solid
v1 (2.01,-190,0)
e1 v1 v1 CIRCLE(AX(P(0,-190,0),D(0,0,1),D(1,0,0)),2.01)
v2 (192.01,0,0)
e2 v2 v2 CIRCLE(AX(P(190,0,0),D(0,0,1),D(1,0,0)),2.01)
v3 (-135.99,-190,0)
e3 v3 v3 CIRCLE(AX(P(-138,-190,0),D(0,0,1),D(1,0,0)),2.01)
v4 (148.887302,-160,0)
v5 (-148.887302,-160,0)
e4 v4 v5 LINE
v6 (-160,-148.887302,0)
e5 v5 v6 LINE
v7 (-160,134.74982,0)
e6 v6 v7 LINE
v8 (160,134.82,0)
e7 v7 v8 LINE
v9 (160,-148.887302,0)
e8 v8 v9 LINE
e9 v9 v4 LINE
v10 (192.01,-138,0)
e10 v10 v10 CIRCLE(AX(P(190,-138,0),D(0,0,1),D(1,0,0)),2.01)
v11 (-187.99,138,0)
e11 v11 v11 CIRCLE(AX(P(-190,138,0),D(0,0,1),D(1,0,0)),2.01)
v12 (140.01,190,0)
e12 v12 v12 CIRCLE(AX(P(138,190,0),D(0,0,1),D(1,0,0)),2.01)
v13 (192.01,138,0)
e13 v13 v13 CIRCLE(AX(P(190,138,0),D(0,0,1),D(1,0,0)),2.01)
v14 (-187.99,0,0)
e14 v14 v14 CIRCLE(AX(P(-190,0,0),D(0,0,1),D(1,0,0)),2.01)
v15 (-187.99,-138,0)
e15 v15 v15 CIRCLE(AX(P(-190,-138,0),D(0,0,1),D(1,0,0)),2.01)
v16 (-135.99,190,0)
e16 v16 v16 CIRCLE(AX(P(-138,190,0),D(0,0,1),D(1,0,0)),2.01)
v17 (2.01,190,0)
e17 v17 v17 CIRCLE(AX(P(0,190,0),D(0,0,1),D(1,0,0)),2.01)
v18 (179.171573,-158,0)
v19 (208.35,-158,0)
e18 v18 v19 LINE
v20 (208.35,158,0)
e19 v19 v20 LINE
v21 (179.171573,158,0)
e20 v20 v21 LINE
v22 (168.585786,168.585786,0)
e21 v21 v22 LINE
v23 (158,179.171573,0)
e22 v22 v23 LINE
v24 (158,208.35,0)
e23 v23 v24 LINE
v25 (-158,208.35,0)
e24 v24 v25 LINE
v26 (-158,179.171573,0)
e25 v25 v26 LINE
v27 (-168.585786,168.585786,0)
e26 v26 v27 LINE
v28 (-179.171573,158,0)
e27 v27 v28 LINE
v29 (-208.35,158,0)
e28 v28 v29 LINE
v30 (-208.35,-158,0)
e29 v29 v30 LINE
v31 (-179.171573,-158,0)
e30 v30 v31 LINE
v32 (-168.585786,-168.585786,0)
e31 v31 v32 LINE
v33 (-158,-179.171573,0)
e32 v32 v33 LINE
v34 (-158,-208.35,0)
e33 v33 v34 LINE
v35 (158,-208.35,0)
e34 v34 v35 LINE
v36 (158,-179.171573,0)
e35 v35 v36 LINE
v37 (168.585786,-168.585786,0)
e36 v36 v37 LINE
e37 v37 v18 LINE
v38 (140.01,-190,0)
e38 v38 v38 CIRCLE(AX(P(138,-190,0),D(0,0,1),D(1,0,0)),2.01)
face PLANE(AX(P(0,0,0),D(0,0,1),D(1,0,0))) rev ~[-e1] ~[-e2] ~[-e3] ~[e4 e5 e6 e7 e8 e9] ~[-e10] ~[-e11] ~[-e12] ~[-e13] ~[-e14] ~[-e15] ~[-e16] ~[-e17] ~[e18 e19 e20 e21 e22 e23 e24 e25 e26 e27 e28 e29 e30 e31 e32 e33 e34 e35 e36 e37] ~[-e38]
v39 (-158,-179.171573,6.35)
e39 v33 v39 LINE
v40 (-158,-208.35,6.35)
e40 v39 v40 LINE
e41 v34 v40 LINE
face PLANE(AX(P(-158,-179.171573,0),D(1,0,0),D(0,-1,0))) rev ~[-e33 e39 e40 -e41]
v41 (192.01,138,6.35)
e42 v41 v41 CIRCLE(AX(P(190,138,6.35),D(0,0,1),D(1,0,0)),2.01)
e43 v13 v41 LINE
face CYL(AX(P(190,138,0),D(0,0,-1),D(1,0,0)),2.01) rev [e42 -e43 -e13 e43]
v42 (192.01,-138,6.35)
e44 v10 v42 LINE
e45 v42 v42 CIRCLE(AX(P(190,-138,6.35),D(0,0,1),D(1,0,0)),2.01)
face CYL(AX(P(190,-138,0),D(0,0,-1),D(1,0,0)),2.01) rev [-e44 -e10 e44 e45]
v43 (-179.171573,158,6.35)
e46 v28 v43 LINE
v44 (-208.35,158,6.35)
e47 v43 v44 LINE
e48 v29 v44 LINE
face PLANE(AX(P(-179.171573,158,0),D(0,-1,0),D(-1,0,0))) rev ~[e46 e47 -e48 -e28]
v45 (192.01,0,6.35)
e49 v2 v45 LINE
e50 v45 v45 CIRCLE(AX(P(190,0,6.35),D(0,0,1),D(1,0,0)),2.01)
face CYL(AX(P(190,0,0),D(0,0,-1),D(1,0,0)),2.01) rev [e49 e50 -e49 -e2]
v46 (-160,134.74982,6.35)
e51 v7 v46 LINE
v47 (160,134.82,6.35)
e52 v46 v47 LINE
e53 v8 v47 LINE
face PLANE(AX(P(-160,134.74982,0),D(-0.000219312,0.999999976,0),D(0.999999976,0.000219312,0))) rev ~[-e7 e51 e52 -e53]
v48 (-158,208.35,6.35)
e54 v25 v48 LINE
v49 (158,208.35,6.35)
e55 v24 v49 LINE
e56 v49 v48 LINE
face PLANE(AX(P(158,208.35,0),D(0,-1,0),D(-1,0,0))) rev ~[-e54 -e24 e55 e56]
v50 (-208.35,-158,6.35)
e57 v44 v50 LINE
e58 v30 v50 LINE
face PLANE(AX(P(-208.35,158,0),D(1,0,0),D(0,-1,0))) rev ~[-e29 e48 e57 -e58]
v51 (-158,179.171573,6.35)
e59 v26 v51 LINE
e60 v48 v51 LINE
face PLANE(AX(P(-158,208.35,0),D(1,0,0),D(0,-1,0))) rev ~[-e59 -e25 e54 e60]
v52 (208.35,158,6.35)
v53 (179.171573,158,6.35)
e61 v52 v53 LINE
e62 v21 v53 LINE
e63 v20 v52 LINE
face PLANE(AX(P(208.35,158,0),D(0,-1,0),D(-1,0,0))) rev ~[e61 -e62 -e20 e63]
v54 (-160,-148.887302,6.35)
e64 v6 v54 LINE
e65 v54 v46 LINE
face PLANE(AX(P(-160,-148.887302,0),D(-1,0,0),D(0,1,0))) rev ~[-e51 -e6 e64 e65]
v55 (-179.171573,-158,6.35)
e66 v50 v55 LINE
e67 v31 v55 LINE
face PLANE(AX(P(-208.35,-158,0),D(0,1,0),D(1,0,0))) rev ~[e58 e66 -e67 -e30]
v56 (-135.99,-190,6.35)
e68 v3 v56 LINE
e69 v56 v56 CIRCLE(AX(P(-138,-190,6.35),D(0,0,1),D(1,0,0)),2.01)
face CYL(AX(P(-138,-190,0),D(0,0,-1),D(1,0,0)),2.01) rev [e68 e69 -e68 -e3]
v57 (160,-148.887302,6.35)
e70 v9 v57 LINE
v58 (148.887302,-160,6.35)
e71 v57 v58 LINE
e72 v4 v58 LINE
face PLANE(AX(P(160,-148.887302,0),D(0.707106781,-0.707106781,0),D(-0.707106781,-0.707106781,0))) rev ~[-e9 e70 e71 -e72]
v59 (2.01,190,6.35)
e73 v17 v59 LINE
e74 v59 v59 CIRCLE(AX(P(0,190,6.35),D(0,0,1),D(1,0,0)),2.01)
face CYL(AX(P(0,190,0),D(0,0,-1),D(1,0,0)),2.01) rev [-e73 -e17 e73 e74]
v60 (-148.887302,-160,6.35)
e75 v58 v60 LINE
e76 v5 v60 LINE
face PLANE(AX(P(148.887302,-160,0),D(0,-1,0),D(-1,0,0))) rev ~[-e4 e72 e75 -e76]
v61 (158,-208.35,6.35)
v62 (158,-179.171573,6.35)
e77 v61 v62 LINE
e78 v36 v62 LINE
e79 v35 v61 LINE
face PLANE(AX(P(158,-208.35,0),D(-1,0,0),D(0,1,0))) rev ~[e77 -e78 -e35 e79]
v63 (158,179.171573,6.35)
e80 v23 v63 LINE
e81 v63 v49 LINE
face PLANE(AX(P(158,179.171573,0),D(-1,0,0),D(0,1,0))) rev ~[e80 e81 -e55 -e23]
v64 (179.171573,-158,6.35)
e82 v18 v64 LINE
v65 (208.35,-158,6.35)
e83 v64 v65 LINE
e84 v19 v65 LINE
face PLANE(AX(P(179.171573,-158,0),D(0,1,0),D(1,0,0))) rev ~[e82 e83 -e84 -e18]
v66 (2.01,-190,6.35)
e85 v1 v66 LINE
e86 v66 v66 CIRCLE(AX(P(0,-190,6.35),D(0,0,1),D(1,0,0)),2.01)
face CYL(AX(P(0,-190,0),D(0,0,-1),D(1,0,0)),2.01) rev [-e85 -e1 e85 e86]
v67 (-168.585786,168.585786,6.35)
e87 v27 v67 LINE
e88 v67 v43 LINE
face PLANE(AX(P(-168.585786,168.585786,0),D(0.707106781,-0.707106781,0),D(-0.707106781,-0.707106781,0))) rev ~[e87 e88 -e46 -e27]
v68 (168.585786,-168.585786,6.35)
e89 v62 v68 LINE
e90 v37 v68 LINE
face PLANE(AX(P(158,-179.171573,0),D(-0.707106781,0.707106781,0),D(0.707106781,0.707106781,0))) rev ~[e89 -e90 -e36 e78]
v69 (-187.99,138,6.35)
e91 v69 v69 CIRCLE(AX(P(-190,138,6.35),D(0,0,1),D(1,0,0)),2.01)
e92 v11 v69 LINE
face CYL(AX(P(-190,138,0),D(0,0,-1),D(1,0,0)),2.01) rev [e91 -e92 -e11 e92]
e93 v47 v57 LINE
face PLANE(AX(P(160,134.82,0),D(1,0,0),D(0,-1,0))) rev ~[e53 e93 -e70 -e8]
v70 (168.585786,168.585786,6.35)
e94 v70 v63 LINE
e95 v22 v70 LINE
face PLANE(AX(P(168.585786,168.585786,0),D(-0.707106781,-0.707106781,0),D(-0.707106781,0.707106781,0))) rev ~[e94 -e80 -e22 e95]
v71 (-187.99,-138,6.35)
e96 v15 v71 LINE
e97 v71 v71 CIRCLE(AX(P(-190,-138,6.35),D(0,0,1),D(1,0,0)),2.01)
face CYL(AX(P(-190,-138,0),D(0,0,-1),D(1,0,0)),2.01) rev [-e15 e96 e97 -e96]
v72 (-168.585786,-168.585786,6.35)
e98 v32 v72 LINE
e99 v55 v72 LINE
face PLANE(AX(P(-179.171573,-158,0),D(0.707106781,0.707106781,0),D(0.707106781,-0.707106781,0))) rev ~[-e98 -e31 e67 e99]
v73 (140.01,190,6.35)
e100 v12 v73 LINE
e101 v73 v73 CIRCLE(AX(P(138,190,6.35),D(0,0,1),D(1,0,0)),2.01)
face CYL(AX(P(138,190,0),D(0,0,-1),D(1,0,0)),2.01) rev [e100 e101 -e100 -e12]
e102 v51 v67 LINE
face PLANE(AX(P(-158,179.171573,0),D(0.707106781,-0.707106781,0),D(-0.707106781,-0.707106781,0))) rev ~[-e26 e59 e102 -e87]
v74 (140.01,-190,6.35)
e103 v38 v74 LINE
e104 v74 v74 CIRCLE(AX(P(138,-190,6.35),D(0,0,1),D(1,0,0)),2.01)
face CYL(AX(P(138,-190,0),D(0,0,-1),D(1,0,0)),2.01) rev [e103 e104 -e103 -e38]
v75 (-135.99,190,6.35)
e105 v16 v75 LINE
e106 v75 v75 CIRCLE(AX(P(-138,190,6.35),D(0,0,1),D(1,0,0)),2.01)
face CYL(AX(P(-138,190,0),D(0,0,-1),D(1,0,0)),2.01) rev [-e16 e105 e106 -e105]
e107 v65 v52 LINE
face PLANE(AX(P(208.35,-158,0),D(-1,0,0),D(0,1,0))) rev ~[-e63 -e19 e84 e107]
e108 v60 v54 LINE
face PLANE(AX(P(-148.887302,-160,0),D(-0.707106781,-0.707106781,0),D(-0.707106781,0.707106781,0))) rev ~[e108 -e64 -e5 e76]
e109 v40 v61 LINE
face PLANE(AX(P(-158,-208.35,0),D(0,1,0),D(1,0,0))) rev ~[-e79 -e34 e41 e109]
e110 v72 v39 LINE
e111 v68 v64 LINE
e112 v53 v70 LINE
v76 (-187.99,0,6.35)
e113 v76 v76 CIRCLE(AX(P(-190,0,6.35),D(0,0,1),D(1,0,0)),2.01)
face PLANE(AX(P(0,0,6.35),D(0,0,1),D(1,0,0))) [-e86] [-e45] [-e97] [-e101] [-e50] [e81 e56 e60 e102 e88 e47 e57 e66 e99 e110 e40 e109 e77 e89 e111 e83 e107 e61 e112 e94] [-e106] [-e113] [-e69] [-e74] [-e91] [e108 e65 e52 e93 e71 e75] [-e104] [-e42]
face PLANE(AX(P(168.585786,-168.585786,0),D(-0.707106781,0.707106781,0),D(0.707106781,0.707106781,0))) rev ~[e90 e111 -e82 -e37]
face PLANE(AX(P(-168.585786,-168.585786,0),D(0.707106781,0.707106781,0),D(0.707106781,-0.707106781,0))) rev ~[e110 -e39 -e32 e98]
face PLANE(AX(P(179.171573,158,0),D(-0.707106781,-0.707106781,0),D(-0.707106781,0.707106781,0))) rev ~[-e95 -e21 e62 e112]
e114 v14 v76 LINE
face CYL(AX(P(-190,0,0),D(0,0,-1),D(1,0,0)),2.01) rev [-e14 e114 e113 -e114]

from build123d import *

# Parameters (mm, degrees)
F0_R     = 2.01
F1_DEPTH = 6.35


with BuildPart() as f1:
    # F0 (on Top) → F1 (new body)
    with BuildSketch(Plane.XY):
        Polygon((-158, 208.35), (-158, 194.175), (-158, 179.1715728753), (-168.5857864376, 168.5857864376), (-179.1715728753, 158), (-194.175, 158), (-208.35, 158), (-208.35, -158), (-194.175, -158), (-179.1715728753, -158), (-168.5857864376, -168.5857864376), (-158, -179.1715728753), (-158, -194.175), (-158, -208.35), (158, -208.35), (158, -194.175), (158, -179.1715728753), (168.5857864376, -168.5857864376), (179.1715728753, -158), (194.175, -158), (208.35, -158), (208.35, 158), (194.175, 158), (179.1715728753, 158), (168.5857864376, 168.5857864376), (158, 179.1715728753), (158, 194.175), (158, 208.35), align=None)
        with Locations((-138, -190)):
            Circle(F0_R, mode=Mode.SUBTRACT)
        with Locations((-190, -138)):
            Circle(F0_R, mode=Mode.SUBTRACT)
        with Locations((0, -190)):
            Circle(F0_R, mode=Mode.SUBTRACT)
        with Locations((138, -190)):
            Circle(F0_R, mode=Mode.SUBTRACT)
        with Locations((190, -138)):
            Circle(F0_R, mode=Mode.SUBTRACT)
        Polygon((160, -148.8873016278), (154.4436508139, -154.4436508139), (148.8873016278, -160), (-148.8873016278, -160), (-154.4436508139, -154.4436508139), (-160, -148.8873016278), (-160, 134.7498200814), (160, 134.82), align=None, mode=Mode.SUBTRACT)
        with Locations((-190, 0)):
            Circle(F0_R, mode=Mode.SUBTRACT)
        with Locations((-190, 138)):
            Circle(F0_R, mode=Mode.SUBTRACT)
        with Locations((-138, 190)):
            Circle(F0_R, mode=Mode.SUBTRACT)
        with Locations((190, 0)):
            Circle(F0_R, mode=Mode.SUBTRACT)
        with Locations((0, 190)):
            Circle(F0_R, mode=Mode.SUBTRACT)
        with Locations((190, 138)):
            Circle(F0_R, mode=Mode.SUBTRACT)
        with Locations((138, 190)):
            Circle(F0_R, mode=Mode.SUBTRACT)
    extrude(amount=F1_DEPTH)


solid = f1.part
